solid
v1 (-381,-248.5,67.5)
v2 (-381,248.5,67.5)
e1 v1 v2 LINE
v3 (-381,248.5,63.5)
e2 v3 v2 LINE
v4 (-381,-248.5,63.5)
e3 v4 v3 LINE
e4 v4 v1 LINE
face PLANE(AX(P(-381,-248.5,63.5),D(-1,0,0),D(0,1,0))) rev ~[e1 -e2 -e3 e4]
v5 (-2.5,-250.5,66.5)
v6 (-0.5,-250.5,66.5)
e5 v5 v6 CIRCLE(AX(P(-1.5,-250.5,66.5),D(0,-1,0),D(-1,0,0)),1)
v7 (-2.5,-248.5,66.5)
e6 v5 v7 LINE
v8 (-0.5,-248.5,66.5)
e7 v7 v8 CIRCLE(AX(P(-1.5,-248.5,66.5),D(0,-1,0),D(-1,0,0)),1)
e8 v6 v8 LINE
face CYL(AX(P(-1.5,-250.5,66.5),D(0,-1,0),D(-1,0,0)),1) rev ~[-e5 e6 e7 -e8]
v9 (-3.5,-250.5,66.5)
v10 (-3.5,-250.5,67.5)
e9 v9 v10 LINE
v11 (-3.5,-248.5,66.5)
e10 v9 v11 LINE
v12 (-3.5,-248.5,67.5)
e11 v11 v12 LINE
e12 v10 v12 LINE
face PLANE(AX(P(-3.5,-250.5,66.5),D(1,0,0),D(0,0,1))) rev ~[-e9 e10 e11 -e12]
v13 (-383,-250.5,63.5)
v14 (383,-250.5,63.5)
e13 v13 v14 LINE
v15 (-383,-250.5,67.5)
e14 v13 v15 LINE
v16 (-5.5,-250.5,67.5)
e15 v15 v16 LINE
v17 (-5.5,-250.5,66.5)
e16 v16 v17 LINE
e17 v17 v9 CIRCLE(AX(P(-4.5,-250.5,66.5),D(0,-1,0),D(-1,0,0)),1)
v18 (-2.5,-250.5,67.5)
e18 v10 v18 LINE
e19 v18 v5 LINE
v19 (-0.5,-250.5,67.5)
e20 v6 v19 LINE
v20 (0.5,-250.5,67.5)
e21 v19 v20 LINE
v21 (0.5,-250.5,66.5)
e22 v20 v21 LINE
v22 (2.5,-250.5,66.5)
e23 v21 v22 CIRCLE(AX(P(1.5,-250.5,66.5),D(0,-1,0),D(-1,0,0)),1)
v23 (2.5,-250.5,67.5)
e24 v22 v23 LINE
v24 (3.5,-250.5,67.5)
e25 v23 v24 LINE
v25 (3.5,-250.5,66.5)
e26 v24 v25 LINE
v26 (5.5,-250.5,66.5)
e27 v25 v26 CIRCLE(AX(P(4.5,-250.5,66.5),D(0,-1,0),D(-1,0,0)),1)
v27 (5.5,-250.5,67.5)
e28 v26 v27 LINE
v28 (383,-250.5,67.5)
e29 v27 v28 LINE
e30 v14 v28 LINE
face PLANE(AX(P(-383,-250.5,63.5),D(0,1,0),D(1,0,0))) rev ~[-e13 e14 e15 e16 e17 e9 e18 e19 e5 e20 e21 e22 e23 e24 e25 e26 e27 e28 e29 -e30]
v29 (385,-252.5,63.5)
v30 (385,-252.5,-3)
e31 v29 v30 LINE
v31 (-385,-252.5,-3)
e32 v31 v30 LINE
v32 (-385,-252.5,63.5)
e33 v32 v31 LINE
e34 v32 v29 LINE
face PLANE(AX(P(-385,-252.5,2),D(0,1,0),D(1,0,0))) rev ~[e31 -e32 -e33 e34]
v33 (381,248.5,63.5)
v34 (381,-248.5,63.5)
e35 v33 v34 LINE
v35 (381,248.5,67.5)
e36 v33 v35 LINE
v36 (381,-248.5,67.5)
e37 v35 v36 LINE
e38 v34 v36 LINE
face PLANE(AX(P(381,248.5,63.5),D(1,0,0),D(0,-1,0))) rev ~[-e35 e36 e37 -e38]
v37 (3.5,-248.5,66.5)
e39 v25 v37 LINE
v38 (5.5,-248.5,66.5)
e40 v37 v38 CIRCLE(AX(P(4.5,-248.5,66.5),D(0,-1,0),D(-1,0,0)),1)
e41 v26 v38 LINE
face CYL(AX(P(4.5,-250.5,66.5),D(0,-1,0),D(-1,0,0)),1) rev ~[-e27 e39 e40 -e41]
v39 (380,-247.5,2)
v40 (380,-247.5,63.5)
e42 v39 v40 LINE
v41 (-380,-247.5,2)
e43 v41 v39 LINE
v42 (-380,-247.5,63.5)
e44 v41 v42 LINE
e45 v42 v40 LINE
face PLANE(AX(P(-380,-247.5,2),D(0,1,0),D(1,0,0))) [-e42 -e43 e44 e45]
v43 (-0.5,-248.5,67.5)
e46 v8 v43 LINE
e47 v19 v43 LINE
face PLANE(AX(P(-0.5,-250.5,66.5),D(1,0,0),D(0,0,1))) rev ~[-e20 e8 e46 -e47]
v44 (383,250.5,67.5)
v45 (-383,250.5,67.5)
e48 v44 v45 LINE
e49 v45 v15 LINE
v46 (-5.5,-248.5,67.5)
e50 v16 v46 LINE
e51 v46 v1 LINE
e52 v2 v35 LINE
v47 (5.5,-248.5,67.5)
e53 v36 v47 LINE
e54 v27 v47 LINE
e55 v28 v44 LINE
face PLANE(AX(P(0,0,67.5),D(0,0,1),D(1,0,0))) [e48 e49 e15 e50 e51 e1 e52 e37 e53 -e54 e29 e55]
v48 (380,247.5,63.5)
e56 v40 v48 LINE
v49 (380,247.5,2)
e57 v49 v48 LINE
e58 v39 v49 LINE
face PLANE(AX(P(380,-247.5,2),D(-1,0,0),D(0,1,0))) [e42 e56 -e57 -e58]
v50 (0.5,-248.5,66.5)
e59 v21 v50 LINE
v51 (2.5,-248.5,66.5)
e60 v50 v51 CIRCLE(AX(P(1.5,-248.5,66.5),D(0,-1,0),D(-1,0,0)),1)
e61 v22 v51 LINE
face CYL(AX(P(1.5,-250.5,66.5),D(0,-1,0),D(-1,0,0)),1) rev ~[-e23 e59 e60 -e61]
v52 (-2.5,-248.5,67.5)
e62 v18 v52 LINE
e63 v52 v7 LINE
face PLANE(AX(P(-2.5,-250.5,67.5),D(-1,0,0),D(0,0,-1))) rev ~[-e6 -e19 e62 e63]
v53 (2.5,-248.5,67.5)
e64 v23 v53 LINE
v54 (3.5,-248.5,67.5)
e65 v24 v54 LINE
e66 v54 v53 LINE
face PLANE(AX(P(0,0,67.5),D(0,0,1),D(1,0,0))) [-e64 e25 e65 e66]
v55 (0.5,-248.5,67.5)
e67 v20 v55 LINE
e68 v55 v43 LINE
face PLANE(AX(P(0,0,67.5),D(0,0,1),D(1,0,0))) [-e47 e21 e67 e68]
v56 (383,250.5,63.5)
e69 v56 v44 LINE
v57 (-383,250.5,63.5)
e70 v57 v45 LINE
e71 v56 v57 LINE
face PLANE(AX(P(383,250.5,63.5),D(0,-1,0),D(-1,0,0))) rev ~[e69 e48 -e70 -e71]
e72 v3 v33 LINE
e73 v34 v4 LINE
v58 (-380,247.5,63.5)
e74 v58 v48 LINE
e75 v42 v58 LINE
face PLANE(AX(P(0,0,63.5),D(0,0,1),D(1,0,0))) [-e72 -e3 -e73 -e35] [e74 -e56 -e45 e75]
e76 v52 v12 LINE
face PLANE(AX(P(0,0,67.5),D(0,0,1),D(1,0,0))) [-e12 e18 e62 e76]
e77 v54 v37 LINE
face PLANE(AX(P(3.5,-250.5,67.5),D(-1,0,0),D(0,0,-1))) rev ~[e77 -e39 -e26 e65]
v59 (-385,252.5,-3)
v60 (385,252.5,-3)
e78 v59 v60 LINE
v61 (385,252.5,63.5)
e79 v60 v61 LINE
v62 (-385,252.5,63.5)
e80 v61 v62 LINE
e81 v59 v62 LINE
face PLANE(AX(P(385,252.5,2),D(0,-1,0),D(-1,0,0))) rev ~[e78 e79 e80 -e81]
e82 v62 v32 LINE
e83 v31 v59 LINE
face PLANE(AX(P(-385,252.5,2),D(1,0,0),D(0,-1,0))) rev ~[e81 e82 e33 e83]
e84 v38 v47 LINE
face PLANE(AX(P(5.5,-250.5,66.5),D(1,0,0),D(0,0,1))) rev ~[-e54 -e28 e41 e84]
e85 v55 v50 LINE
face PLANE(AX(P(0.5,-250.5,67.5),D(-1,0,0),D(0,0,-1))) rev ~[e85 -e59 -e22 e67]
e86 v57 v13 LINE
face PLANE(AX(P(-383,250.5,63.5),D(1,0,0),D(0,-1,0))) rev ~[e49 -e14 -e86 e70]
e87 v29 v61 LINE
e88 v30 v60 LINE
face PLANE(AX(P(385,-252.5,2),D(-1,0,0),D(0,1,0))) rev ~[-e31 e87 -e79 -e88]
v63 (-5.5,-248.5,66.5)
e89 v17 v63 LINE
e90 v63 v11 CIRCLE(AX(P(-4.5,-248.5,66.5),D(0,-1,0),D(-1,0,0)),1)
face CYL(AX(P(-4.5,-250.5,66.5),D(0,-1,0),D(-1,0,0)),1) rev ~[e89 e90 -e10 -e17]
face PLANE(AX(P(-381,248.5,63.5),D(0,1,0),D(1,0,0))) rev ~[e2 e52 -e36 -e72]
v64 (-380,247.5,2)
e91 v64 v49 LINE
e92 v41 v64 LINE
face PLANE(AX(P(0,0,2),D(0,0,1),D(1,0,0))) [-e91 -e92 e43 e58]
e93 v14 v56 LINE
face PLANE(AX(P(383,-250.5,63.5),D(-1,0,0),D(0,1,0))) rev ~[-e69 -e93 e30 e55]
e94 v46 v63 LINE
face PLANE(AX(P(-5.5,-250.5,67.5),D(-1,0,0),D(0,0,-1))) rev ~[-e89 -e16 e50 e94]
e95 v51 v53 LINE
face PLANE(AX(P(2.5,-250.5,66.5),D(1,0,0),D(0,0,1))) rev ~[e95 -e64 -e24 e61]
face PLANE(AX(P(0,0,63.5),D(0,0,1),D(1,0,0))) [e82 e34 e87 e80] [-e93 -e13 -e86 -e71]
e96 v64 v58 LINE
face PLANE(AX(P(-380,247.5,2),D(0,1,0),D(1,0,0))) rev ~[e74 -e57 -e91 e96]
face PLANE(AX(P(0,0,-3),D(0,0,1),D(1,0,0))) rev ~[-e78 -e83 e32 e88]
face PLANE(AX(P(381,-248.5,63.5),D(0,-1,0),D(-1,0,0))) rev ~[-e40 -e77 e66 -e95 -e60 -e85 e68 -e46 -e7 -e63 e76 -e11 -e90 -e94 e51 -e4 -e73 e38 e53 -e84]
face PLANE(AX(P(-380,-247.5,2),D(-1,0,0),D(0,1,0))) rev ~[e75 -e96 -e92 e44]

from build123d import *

# Parameters (mm, degrees)
F0_W          = 770
F0_H          = 505
F1_DEPTH      = 2
F1_DEPTH_BACK = 3
F2_W          = 760
F2_H          = 495
F3_DEPTH      = 61.5
F5_DEPTH      = 4
F7_DEPTH      = 25.4


with BuildPart() as f1:
    # F0 (on Top) → F1 (new body, two sides)
    with BuildSketch(Plane.XY) as f1_sk:
        Rectangle(F0_W, F0_H)
    extrude(amount=F1_DEPTH)
    extrude(f1_sk.sketch, amount=-F1_DEPTH_BACK)

    # F2 (on face) → F3 (join)
    with BuildSketch(Plane.XY.offset(2)):
        Polygon((-380, -252.5), (385, -252.5), (385, 247.5), (385, 252.5), (380, 252.5), (-385, 252.5), (-385, -247.5), (-385, -252.5), align=None)
        Rectangle(F2_W, F2_H, mode=Mode.SUBTRACT)
    extrude(amount=F3_DEPTH)

    # F4 (on face) → F5 (join)
    with BuildSketch(Plane.XY.offset(63.5)):
        Polygon((383, 250.5), (381, 250.5), (-383, 250.5), (-383, -248.5), (-383, -250.5), (-276, -250.5), (383, -250.5), (383, 248.5), align=None)
        Polygon((-381, -248.5), (-381, -247.5), (-381, 248.5), (380, 248.5), (381, 248.5), (381, 247.5), (381, -248.5), (-380, -248.5), align=None, mode=Mode.SUBTRACT)
    extrude(amount=F5_DEPTH)

    # F6 (on face) → F7 (cut)
    with BuildSketch(Plane.XZ.offset(250.5)):
        with BuildLine():
            Line((4.5, 67.5), (3.5, 67.5))
            Line((3.5, 67.5), (3.5, 66.5))
            ThreePointArc((3.5, 66.5), (4.5, 65.5), (5.5, 66.5))
            Line((5.5, 66.5), (5.5, 67.5))
            Line((5.5, 67.5), (4.5, 67.5))
        make_face()
        with BuildLine():
            Line((1.5, 67.5), (0.5, 67.5))
            Line((0.5, 67.5), (0.5, 66.5))
            ThreePointArc((0.5, 66.5), (1.5, 65.5), (2.5, 66.5))
            Line((2.5, 66.5), (2.5, 67.5))
            Line((2.5, 67.5), (1.5, 67.5))
        make_face()
        with BuildLine():
            Line((-3.5, 66.5), (-3.5, 67.5))
            Line((-3.5, 67.5), (-4.5, 67.5))
            Line((-4.5, 67.5), (-5.5, 67.5))
            Line((-5.5, 67.5), (-5.5, 66.5))
            ThreePointArc((-5.5, 66.5), (-4.5, 65.5), (-3.5, 66.5))
        make_face()
        with BuildLine():
            Line((-0.5, 66.5), (-0.5, 67.5))
            Line((-0.5, 67.5), (-1.5, 67.5))
            Line((-1.5, 67.5), (-2.5, 67.5))
            Line((-2.5, 67.5), (-2.5, 66.5))
            ThreePointArc((-2.5, 66.5), (-1.5, 65.5), (-0.5, 66.5))
        make_face()
    extrude(amount=-F7_DEPTH, mode=Mode.SUBTRACT)


solid = f1.part
